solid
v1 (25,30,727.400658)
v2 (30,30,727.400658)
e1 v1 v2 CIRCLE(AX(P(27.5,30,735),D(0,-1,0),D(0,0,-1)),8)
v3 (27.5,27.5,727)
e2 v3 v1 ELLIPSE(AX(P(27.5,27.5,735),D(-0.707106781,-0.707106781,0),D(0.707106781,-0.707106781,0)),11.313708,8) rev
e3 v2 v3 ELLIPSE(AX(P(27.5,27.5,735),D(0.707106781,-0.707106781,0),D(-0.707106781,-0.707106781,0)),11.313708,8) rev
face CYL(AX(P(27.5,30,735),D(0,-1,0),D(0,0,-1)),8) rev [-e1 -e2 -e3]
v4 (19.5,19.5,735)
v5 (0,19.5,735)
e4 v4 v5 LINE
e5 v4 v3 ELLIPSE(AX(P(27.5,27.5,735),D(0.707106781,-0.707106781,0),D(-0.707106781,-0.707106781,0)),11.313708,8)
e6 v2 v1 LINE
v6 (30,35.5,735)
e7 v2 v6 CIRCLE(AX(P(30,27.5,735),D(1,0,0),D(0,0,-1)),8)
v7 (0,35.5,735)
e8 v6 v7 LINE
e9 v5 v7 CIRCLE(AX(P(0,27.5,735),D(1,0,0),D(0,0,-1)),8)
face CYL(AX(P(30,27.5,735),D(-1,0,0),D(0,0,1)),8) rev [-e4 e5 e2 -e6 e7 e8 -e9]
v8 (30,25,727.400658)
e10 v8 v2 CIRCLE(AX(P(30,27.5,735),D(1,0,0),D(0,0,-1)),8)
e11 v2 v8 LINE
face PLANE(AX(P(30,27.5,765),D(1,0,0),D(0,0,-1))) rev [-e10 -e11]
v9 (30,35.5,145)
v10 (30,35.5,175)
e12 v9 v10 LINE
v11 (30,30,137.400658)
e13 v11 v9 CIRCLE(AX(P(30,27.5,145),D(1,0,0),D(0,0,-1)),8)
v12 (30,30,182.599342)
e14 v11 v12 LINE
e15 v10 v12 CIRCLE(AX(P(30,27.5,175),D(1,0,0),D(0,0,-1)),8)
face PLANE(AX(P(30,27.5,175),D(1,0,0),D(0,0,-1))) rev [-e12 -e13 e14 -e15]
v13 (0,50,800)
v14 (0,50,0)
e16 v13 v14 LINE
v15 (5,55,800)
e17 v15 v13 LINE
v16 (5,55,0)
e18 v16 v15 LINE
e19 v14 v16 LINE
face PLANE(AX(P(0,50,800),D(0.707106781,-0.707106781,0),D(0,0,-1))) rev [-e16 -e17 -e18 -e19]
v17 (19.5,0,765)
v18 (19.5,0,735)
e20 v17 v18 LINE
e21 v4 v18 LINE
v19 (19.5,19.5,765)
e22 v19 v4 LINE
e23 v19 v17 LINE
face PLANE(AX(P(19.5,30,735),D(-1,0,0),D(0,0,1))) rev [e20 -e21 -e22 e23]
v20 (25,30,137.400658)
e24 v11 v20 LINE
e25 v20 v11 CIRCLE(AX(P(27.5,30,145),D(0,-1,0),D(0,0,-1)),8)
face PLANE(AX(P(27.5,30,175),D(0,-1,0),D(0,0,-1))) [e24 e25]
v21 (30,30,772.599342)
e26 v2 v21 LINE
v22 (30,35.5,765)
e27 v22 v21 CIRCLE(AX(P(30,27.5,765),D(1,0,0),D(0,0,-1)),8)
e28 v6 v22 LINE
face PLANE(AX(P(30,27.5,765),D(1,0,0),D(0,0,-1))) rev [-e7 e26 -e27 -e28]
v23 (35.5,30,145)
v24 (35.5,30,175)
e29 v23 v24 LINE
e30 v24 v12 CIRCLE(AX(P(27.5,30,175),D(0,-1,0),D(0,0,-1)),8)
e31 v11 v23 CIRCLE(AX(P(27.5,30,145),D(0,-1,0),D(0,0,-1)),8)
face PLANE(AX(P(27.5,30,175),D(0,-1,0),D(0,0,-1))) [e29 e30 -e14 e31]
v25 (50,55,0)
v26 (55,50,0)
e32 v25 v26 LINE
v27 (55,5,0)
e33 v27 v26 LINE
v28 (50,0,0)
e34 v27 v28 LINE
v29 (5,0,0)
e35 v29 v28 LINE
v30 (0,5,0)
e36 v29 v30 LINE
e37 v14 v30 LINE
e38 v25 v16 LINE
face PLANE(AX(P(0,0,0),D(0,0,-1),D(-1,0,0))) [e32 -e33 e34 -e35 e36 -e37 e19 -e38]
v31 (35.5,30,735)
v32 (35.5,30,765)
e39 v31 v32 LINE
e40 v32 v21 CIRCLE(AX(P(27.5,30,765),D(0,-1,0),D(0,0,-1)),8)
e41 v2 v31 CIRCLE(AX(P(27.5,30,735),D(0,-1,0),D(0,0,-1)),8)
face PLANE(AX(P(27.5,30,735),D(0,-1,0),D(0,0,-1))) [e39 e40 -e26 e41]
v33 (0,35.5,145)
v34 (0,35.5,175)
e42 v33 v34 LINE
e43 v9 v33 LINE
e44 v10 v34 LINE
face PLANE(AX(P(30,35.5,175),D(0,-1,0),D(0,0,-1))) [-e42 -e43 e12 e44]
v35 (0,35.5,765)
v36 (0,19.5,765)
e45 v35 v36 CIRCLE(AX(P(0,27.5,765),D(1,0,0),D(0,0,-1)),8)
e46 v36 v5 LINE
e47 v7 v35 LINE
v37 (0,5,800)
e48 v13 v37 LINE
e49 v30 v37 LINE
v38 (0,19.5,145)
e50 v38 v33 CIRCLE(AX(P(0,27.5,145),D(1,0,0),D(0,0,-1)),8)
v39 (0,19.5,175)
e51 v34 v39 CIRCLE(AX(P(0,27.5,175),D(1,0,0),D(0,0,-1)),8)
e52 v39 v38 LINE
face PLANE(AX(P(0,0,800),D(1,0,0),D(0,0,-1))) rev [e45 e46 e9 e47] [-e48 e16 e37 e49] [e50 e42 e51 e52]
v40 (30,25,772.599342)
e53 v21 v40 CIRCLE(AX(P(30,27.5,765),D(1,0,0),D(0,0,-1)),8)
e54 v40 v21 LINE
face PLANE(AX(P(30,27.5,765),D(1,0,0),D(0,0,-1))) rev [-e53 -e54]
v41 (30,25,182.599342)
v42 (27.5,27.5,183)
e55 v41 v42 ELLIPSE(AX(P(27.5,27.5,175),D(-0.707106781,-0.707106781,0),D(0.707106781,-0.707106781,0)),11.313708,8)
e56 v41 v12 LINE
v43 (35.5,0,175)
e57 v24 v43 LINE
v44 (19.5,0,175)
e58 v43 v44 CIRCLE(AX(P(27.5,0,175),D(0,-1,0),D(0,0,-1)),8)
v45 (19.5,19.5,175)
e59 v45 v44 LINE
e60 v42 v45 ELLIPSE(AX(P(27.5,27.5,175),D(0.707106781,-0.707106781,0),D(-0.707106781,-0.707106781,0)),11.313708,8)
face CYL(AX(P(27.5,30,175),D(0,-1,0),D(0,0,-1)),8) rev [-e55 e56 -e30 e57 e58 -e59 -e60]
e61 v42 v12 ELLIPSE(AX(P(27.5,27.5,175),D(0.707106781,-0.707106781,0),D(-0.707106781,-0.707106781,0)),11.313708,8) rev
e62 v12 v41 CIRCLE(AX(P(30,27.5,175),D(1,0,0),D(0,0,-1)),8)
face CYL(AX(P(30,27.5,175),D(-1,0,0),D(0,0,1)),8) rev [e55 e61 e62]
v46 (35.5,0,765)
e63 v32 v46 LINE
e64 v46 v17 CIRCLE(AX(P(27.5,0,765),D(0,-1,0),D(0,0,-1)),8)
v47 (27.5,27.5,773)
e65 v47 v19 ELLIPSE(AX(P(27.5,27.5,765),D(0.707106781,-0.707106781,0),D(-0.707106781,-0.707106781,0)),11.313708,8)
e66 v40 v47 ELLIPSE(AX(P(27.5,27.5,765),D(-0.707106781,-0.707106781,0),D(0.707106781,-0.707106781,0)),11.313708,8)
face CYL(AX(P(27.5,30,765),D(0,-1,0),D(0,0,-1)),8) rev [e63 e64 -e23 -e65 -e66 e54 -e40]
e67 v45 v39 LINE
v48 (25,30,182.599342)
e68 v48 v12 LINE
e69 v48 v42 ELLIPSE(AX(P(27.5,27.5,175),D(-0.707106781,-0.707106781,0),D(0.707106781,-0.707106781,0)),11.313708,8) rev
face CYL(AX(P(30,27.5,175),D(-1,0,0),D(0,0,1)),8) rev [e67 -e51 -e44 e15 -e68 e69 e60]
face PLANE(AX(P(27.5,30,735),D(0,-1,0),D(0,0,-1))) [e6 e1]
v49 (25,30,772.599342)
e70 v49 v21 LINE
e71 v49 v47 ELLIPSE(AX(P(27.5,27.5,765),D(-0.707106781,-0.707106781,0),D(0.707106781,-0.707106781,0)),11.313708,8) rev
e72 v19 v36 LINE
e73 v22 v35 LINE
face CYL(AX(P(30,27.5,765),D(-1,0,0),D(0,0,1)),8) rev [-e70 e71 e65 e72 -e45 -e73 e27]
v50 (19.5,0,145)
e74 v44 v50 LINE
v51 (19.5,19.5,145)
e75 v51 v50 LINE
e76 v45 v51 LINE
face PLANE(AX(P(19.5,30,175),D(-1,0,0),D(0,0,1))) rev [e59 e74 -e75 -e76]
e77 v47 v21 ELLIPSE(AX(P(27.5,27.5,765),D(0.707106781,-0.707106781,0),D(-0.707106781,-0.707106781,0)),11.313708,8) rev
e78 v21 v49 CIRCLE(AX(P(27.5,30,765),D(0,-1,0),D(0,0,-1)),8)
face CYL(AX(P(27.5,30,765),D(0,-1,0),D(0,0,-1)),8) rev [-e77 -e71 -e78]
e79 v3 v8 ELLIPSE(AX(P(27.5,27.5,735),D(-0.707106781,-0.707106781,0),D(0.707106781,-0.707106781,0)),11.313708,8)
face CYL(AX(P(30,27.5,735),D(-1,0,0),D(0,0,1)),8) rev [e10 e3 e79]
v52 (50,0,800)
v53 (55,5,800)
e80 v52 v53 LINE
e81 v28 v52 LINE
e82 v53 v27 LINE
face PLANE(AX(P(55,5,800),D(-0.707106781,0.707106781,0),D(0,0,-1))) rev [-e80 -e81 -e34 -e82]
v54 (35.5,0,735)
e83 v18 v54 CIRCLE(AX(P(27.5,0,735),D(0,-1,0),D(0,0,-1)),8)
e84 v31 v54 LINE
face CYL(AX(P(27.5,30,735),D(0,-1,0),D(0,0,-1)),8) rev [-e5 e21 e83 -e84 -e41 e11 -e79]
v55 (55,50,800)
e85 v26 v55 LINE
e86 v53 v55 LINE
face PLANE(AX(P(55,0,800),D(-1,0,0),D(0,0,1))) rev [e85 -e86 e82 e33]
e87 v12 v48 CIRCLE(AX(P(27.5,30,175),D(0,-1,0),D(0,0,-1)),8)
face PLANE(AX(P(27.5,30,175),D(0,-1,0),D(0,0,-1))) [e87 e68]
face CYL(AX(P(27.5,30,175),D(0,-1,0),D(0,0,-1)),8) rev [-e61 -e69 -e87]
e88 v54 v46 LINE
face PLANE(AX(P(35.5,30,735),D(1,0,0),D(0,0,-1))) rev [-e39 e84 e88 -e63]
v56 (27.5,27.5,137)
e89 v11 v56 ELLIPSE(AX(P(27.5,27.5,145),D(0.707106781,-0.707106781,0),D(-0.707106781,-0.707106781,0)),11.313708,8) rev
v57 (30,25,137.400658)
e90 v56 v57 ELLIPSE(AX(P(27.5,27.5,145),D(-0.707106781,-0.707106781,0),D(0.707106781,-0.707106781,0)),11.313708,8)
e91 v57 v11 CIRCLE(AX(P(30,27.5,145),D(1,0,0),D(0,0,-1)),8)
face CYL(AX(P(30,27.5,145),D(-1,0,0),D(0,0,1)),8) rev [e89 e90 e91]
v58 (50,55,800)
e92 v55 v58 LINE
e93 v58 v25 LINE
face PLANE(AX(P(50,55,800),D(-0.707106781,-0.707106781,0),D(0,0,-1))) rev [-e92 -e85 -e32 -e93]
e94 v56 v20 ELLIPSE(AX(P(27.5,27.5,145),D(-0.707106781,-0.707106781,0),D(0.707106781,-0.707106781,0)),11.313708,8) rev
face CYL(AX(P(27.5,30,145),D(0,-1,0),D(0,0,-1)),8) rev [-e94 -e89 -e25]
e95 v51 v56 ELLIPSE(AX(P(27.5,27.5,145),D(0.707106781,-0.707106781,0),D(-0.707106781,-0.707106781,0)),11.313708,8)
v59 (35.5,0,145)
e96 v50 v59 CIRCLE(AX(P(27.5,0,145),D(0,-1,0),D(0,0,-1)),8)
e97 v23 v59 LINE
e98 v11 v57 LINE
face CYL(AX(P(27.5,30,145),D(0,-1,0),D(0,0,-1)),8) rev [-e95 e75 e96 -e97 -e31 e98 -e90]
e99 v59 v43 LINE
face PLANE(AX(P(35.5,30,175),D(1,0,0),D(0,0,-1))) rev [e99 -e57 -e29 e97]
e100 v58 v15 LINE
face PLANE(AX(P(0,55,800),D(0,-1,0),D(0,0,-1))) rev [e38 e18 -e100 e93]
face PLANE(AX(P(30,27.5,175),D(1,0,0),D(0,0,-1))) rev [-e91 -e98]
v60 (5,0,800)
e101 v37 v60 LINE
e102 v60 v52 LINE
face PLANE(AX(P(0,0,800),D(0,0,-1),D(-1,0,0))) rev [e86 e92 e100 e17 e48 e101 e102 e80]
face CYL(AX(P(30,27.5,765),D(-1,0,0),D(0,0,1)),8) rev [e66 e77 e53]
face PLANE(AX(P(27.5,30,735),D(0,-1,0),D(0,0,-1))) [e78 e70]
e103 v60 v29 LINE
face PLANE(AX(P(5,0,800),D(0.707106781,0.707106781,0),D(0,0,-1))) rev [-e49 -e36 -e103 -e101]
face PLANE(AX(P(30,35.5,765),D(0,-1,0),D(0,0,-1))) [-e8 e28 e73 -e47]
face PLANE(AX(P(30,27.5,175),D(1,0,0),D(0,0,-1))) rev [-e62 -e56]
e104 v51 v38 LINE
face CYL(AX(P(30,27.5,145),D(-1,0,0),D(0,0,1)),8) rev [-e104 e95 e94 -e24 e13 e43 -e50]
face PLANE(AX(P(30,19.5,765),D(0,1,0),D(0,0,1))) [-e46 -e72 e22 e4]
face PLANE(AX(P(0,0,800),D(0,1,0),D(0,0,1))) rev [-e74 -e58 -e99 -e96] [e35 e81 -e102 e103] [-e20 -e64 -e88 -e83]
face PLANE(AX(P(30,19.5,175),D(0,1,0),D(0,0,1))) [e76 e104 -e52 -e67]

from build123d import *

# Parameters (mm, degrees)
ESQUISSE1_W             = 55
ESQUISSE1_H             = 55
BOSS_EXTRU_1_DEPTH      = 800
ENL_V_MAT_EXTRU_1_DEPTH = 30
ENL_V_START             = -55
ENL_V_MAT_EXTRU_3_DEPTH = 30
CHANFREIN1_SIZE         = 5


with BuildPart() as part:
    # Esquisse1 → Boss.-Extru.1 (new body)
    with BuildSketch(Plane.XY):
        with Locations((27.5, 27.5)):
            Rectangle(ESQUISSE1_W, ESQUISSE1_H)
    extrude(amount=BOSS_EXTRU_1_DEPTH)

    # Esquisse2 → Enlèv. mat.-Extru.1 (cut)
    with BuildSketch(Plane.XZ):
        with BuildLine():
            Line((35.5, 175), (35.5, 145))
            ThreePointArc((35.5, 145), (27.5, 137), (19.5, 145))
            Line((19.5, 145), (19.5, 175))
            ThreePointArc((19.5, 175), (27.5, 183), (35.5, 175))
        make_face()
        with BuildLine():
            Line((19.5, 735), (19.5, 765))
            ThreePointArc((19.5, 765), (27.5, 773), (35.5, 765))
            Line((35.5, 765), (35.5, 735))
            ThreePointArc((35.5, 735), (27.5, 727), (19.5, 735))
        make_face()
    extrude(amount=-ENL_V_MAT_EXTRU_1_DEPTH, mode=Mode.SUBTRACT)

    # Esquisse3<2> → Enlèv. mat.-Extru.3 (cut)
    with BuildSketch(Plane(origin=(55, 0, 0), x_dir=(0, 0, -1), z_dir=(1, 0, 0)).offset(ENL_V_START)):
        with BuildLine():
            Line((-175, 35.5), (-145, 35.5))
            ThreePointArc((-145, 35.5), (-137, 27.5), (-145, 19.5))
            Line((-145, 19.5), (-175, 19.5))
            ThreePointArc((-175, 19.5), (-183, 27.5), (-175, 35.5))
        make_face()
        with BuildLine():
            Line((-765, 35.5), (-735, 35.5))
            ThreePointArc((-735, 35.5), (-727, 27.5), (-735, 19.5))
            Line((-735, 19.5), (-765, 19.5))
            ThreePointArc((-765, 19.5), (-773, 27.5), (-765, 35.5))
        make_face()
    extrude(amount=ENL_V_MAT_EXTRU_3_DEPTH, mode=Mode.SUBTRACT)

    # Chanfrein1
    chanfrein1_edges = [part.edges().sort_by_distance(p)[0] for p in [
        (0, 55, 400),
        (55, 55, 400),
        (55, 0, 400),
        (0, 0, 400),
    ]]
    chamfer(chanfrein1_edges, length=CHANFREIN1_SIZE)


solid = part.part
